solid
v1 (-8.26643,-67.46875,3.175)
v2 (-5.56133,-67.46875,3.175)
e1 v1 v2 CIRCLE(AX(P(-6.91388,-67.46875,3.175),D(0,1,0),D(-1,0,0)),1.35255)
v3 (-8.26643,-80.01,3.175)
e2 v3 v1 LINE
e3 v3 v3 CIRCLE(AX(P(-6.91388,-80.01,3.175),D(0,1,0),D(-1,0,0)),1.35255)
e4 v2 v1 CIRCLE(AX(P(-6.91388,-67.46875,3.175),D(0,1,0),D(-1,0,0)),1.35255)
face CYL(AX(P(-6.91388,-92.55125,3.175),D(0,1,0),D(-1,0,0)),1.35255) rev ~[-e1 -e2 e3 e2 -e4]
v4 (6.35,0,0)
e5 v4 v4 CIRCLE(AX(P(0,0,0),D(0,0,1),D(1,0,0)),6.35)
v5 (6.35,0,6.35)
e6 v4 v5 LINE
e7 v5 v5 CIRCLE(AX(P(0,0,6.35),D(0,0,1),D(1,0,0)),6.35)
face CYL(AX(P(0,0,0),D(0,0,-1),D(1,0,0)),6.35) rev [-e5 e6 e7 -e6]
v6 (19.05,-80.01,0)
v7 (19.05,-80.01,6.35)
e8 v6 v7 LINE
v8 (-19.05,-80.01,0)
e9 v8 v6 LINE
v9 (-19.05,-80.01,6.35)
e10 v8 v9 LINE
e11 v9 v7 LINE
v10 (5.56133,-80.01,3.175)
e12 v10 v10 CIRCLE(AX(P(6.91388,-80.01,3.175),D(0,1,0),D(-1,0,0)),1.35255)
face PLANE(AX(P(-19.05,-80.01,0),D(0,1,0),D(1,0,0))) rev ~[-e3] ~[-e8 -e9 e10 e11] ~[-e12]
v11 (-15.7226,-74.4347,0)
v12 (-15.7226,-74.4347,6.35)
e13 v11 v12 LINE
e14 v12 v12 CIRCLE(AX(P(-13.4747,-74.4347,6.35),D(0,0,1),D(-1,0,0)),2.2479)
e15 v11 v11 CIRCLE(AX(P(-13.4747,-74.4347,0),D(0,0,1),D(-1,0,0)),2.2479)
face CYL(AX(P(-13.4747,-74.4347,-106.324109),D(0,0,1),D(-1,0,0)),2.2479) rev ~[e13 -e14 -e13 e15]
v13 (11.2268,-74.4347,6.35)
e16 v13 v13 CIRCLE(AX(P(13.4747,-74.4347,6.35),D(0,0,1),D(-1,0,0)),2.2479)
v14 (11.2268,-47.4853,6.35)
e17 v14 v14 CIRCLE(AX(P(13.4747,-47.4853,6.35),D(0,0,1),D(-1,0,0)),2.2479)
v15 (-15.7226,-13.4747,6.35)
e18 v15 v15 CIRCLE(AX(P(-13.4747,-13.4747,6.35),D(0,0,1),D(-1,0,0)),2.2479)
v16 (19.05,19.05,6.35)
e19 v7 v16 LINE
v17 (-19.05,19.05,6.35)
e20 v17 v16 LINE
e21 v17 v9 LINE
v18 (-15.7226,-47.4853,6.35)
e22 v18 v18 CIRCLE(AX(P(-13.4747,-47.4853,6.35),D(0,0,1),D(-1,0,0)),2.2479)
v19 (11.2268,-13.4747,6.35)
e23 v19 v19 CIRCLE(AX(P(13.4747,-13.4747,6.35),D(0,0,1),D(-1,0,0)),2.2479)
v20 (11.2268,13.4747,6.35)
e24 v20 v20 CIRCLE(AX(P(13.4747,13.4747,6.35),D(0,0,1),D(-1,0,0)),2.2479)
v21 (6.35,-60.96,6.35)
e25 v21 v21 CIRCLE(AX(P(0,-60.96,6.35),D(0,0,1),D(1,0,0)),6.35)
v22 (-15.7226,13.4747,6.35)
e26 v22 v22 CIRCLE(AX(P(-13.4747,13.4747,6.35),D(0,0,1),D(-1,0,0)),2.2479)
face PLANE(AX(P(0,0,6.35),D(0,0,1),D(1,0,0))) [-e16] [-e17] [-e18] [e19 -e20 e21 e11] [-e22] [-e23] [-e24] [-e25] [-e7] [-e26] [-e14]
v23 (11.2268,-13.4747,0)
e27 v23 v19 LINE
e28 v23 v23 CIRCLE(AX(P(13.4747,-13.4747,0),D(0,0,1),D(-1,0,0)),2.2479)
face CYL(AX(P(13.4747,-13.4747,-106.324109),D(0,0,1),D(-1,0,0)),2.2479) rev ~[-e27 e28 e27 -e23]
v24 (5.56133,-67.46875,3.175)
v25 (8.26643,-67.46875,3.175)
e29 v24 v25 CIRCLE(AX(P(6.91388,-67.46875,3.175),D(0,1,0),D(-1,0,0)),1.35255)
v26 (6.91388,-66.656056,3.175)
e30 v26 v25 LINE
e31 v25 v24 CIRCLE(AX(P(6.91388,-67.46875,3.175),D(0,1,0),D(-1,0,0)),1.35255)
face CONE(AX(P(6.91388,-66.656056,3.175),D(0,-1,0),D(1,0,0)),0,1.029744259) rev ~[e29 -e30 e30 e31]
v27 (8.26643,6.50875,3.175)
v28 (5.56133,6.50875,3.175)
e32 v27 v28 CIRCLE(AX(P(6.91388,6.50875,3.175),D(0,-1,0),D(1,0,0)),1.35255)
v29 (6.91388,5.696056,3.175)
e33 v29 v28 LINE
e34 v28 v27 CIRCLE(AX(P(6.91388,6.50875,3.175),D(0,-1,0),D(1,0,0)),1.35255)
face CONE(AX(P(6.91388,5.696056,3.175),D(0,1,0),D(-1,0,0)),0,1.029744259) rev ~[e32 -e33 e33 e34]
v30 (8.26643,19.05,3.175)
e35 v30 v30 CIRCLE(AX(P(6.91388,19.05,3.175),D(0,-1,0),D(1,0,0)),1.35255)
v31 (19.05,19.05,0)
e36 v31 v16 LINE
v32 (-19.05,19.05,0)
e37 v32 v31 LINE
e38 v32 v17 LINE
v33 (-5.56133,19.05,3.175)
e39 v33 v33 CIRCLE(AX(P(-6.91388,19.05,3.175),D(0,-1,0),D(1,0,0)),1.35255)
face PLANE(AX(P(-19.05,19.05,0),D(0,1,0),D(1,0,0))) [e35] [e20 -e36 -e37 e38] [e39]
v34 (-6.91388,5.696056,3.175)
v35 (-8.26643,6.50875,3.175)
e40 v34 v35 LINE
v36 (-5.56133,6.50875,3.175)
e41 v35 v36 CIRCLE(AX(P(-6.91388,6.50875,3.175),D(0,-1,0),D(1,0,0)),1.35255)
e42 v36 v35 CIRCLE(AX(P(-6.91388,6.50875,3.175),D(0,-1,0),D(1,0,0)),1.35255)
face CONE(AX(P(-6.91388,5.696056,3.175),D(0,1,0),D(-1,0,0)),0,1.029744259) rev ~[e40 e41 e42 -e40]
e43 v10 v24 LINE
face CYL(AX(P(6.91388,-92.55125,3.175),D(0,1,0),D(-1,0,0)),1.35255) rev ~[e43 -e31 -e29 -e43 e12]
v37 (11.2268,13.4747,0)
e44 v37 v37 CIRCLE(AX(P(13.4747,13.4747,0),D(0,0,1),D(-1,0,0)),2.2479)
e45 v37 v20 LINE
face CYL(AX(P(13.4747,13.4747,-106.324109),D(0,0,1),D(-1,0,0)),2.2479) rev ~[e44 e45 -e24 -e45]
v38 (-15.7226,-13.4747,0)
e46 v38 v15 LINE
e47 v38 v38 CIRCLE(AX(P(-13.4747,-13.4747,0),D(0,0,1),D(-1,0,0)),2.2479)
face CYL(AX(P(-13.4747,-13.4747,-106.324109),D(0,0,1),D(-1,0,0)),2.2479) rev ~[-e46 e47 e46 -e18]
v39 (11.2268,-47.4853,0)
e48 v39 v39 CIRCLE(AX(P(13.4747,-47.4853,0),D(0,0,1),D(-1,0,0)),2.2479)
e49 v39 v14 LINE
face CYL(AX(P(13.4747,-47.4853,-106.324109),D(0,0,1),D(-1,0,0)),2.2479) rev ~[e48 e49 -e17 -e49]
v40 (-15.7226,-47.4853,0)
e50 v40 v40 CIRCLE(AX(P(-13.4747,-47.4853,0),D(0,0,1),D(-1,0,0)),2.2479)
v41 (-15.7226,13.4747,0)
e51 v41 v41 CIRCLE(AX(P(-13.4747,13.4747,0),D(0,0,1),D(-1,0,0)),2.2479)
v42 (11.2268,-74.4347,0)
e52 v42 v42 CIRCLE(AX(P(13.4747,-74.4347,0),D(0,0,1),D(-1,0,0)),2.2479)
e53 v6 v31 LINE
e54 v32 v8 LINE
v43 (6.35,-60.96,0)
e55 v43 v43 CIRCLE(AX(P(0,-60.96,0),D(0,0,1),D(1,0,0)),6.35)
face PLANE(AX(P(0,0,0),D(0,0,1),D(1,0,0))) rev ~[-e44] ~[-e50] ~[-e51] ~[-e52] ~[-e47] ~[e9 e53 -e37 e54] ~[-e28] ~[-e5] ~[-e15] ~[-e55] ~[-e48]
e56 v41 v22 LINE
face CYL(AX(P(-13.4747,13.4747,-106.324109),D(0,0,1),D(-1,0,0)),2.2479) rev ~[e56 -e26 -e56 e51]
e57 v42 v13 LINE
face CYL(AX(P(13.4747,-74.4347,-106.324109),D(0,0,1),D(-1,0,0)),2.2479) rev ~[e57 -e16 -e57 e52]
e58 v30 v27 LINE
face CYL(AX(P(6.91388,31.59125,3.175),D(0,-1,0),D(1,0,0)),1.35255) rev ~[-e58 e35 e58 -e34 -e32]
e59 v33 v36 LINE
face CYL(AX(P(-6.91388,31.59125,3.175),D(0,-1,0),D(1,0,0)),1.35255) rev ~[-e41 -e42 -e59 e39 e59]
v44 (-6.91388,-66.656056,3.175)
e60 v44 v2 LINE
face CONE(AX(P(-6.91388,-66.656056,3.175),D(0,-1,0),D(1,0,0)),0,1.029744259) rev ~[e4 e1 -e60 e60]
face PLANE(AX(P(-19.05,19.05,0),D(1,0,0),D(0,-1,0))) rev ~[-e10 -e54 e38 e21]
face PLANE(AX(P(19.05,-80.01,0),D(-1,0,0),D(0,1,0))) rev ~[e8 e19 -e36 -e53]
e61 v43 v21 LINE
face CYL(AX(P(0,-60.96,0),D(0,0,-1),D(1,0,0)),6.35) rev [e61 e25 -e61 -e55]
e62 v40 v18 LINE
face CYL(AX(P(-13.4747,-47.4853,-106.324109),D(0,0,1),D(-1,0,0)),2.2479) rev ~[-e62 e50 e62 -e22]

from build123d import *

# Parameters (mm, degrees)
F0_W           = 38.1
F0_H           = 38.1
F0_R           = 6.35
F0_H_2         = 22.86
F1_DEPTH       = 6.35
F2_D           = 4.4958
F5_D           = 2.7051
F5_DEPTH       = 12.54125
F5_TIP         = 0.8126940303
F5_ON_F3_D     = 2.7051
F5_ON_F3_DEPTH = 12.54125
F5_ON_F3_TIP   = 0.8126940303


with BuildPart() as f1:
    # F0 (on Top) → F1 (new body)
    with BuildSketch(Plane.XY):
        Rectangle(F0_W, F0_H)
        Circle(F0_R, mode=Mode.SUBTRACT)
        with Locations((0, -30.48)):
            Rectangle(F0_W, F0_H_2)
        with Locations((0, -60.96)):
            Rectangle(F0_W, F0_H)
        with Locations((0, -60.96)):
            Circle(F0_R, mode=Mode.SUBTRACT)
    extrude(amount=F1_DEPTH)

    # F2 (through all)
    with Locations(Plane(origin=(0, 0, 0), x_dir=(1, 0, 0), z_dir=(0, 0, -1))):
        with Locations((-13.4747, -13.4747), (13.4747, -13.4747), (13.4747, 13.4747), (-13.4747, 13.4747), (-13.4747, 47.4853), (13.4747, 47.4853), (13.4747, 74.4347), (-13.4747, 74.4347)):
            Hole(F2_D / 2)

    # F5
    with Locations(Plane(origin=(0, 19.05, 0), x_dir=(-1, 0, 0), z_dir=(0, 1, 0))):
        with Locations((-6.91388, 3.175), (6.91388, 3.175)):
            Hole(F5_D / 2, depth=F5_DEPTH)
            with Locations((0, 0, -(F5_DEPTH + F5_TIP / 2))):  # 118° drill point
                Cone(0, F5_D / 2, F5_TIP, mode=Mode.SUBTRACT)

    # F5 on F3
    with Locations(Plane.XZ.offset(80.01)):
        with Locations((6.91388, 3.175), (-6.91388, 3.175)):
            Hole(F5_ON_F3_D / 2, depth=F5_ON_F3_DEPTH)
            with Locations((0, 0, -(F5_ON_F3_DEPTH + F5_ON_F3_TIP / 2))):  # 118° drill point
                Cone(0, F5_ON_F3_D / 2, F5_ON_F3_TIP, mode=Mode.SUBTRACT)


solid = f1.part
